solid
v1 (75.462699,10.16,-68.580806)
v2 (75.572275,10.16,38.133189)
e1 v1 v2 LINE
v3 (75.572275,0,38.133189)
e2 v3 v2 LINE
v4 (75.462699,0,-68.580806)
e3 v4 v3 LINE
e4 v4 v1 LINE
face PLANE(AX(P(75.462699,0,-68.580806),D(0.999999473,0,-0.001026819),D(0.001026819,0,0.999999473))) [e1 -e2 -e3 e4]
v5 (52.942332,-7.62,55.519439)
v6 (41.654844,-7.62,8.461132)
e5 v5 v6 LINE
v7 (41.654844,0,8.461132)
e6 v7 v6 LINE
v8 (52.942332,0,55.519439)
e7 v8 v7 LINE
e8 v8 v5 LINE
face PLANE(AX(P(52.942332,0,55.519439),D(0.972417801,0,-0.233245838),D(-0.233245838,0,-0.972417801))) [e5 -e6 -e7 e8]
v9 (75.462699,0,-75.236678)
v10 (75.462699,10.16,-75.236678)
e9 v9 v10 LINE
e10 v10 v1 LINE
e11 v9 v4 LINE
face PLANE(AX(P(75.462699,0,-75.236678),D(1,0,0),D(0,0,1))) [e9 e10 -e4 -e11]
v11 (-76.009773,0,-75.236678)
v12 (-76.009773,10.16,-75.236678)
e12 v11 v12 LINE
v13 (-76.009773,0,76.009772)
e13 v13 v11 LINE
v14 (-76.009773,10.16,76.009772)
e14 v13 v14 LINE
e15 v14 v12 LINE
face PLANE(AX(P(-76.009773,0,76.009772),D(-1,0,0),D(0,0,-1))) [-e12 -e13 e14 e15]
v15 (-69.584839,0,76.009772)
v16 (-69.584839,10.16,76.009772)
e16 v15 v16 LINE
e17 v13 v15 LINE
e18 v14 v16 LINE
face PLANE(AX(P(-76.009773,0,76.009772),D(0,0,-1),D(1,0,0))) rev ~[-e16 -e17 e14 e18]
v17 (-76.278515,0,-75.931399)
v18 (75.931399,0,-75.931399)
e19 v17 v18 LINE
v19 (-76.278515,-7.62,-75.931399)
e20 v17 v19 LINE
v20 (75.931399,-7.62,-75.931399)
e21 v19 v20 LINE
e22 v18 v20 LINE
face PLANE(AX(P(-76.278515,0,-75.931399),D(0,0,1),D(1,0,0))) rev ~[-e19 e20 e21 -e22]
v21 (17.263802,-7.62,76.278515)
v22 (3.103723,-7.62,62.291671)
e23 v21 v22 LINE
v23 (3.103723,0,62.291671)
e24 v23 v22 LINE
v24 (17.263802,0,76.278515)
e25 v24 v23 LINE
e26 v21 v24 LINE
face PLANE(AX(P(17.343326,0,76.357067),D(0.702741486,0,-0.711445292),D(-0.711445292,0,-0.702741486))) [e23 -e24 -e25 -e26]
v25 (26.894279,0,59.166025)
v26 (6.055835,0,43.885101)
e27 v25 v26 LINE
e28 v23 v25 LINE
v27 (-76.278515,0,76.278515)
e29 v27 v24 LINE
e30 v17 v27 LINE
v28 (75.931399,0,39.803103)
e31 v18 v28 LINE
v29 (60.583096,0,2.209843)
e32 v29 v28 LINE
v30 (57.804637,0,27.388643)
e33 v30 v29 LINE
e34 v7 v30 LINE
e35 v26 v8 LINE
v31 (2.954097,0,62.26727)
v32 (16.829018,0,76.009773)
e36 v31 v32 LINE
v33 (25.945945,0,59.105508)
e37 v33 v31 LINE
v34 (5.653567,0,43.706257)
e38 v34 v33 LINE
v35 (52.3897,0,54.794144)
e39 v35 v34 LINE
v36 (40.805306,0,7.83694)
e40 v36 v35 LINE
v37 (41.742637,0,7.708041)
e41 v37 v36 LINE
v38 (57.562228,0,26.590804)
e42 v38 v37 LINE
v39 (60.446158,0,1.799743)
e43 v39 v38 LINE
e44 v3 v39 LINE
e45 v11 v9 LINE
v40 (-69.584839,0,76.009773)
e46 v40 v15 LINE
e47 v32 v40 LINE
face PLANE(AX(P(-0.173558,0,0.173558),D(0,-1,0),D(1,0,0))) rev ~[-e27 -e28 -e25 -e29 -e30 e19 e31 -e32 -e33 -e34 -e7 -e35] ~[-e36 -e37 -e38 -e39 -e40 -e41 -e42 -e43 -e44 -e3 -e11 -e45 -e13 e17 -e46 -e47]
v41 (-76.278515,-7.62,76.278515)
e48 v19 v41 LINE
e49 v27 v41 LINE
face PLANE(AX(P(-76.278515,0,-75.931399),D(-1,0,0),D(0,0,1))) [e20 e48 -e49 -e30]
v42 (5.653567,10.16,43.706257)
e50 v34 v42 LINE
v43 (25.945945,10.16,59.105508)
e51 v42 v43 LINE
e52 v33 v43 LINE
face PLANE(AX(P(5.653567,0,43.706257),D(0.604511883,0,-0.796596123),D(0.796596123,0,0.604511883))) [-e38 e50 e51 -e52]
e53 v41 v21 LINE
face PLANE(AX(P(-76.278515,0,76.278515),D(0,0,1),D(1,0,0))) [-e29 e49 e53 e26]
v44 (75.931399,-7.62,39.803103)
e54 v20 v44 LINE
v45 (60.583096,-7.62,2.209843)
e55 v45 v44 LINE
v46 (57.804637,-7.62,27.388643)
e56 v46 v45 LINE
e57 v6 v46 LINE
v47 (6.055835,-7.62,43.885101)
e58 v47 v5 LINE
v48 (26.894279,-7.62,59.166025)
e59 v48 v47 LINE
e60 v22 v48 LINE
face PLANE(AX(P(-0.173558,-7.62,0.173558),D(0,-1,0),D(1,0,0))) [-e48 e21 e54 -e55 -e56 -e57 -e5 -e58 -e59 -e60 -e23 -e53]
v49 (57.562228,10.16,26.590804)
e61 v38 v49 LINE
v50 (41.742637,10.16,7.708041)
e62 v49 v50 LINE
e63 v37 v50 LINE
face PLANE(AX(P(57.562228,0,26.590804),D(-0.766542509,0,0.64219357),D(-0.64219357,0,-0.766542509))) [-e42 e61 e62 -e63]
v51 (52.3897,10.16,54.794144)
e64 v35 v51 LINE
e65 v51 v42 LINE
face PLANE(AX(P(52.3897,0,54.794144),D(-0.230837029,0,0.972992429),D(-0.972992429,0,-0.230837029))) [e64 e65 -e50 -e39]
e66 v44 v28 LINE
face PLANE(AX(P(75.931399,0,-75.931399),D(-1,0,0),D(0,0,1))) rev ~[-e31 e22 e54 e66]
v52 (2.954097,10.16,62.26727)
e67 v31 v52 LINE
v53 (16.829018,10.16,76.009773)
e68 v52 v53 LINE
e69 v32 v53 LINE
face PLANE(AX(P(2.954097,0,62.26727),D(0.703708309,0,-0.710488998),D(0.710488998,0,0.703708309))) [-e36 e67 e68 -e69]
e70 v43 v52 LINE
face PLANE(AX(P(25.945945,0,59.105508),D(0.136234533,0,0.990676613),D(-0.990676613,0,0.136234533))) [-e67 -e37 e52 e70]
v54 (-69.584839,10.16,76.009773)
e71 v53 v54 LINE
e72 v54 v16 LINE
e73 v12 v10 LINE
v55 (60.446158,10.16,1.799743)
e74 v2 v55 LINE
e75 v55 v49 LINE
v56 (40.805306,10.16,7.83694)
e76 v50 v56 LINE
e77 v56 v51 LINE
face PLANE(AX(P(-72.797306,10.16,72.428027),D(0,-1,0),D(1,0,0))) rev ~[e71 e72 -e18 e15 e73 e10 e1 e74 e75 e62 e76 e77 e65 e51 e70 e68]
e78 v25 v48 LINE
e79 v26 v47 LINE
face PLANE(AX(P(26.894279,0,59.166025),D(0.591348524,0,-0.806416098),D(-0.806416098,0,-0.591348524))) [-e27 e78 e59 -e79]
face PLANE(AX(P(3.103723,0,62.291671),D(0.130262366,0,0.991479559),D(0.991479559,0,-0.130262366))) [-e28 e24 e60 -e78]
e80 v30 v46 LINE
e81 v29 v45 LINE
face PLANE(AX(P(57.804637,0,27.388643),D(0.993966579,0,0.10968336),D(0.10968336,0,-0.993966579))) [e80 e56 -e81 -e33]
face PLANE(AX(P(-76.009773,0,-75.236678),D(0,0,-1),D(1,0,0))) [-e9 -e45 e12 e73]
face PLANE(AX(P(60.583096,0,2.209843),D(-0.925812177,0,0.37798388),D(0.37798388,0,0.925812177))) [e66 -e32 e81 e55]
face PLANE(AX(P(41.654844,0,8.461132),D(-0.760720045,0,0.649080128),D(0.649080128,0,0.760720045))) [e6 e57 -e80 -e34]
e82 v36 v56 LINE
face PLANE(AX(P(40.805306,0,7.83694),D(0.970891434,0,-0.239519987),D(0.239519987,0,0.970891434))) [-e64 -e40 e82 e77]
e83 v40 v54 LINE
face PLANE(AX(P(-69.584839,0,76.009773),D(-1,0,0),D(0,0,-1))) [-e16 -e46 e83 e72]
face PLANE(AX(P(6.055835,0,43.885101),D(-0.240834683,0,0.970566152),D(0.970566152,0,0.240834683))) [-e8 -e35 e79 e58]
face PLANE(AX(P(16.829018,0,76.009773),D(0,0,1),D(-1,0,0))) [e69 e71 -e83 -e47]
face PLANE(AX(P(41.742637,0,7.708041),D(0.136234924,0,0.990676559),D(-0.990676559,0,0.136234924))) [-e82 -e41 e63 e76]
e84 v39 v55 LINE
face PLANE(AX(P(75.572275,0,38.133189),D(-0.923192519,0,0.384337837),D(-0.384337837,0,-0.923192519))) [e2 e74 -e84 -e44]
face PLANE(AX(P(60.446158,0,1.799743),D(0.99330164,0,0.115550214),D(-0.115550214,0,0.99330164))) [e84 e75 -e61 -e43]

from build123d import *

# Parameters (mm, degrees)
F0_W     = 152.209915
F0_H     = 152.209915
F1_DEPTH = 7.62
F3_DEPTH = 7.62
F4_W     = 6.424934
F4_H     = 7.163491
F4_H_2   = 137.427088
F4_W_2   = 139.438458
F4_H_3   = 6.655872
F4_W_3   = 5.60908
F5_DEPTH = 10.16


with BuildPart() as f1:
    # F0 (on Front) → F1 (new body)
    with BuildSketch(Plane.XZ):
        with Locations((-0.173558, 0.173558)):
            Rectangle(F0_W, F0_H)
    extrude(amount=F1_DEPTH)

    # F2 (on Front) → F3 (cut)
    with BuildSketch(Plane.XZ):
        Polygon((60.583096, 2.209843), (76.038271, 40.064868), (76.211937, 76.357067), (17.343326, 76.357067), (3.103723, 62.291671), (26.894279, 59.166025), (6.055835, 43.885101), (52.942332, 55.519439), (41.654844, 8.461132), (57.804637, 27.388643), align=None)
    extrude(amount=F3_DEPTH, mode=Mode.SUBTRACT)

    # F4 (on Front) → F5 (join)
    with BuildSketch(Plane.XZ):
        with Locations((-72.797306, 72.428027)):
            Rectangle(F4_W, F4_H)
        Polygon((9.771794, 76.009773), (-69.584839, 76.009773), (-69.584839, 68.846282), (-69.584839, -68.580806), (69.853619, -68.580806), (75.462699, -68.580806), (75.572275, 38.133189), (60.446158, 1.799743), (57.562228, 26.590804), (41.742637, 7.708041), (40.805306, 7.83694), (52.3897, 54.794144), (5.653567, 43.706257), (25.945945, 59.105508), (2.954097, 62.26727), (16.829018, 76.009773), align=None)
        with Locations((-72.797306, 0.132738)):
            Rectangle(F4_W, F4_H_2)
        Polygon((-69.584839, -68.580806), (-76.009773, -68.580806), (-76.009773, -68.638086), (-76.009773, -75.236678), (-69.584839, -75.236678), align=None)
        with Locations((0.13439, -71.908742)):
            Rectangle(F4_W_2, F4_H_3)
        with Locations((72.658159, -71.908742)):
            Rectangle(F4_W_3, F4_H_3)
    extrude(amount=-F5_DEPTH)


solid = f1.part
